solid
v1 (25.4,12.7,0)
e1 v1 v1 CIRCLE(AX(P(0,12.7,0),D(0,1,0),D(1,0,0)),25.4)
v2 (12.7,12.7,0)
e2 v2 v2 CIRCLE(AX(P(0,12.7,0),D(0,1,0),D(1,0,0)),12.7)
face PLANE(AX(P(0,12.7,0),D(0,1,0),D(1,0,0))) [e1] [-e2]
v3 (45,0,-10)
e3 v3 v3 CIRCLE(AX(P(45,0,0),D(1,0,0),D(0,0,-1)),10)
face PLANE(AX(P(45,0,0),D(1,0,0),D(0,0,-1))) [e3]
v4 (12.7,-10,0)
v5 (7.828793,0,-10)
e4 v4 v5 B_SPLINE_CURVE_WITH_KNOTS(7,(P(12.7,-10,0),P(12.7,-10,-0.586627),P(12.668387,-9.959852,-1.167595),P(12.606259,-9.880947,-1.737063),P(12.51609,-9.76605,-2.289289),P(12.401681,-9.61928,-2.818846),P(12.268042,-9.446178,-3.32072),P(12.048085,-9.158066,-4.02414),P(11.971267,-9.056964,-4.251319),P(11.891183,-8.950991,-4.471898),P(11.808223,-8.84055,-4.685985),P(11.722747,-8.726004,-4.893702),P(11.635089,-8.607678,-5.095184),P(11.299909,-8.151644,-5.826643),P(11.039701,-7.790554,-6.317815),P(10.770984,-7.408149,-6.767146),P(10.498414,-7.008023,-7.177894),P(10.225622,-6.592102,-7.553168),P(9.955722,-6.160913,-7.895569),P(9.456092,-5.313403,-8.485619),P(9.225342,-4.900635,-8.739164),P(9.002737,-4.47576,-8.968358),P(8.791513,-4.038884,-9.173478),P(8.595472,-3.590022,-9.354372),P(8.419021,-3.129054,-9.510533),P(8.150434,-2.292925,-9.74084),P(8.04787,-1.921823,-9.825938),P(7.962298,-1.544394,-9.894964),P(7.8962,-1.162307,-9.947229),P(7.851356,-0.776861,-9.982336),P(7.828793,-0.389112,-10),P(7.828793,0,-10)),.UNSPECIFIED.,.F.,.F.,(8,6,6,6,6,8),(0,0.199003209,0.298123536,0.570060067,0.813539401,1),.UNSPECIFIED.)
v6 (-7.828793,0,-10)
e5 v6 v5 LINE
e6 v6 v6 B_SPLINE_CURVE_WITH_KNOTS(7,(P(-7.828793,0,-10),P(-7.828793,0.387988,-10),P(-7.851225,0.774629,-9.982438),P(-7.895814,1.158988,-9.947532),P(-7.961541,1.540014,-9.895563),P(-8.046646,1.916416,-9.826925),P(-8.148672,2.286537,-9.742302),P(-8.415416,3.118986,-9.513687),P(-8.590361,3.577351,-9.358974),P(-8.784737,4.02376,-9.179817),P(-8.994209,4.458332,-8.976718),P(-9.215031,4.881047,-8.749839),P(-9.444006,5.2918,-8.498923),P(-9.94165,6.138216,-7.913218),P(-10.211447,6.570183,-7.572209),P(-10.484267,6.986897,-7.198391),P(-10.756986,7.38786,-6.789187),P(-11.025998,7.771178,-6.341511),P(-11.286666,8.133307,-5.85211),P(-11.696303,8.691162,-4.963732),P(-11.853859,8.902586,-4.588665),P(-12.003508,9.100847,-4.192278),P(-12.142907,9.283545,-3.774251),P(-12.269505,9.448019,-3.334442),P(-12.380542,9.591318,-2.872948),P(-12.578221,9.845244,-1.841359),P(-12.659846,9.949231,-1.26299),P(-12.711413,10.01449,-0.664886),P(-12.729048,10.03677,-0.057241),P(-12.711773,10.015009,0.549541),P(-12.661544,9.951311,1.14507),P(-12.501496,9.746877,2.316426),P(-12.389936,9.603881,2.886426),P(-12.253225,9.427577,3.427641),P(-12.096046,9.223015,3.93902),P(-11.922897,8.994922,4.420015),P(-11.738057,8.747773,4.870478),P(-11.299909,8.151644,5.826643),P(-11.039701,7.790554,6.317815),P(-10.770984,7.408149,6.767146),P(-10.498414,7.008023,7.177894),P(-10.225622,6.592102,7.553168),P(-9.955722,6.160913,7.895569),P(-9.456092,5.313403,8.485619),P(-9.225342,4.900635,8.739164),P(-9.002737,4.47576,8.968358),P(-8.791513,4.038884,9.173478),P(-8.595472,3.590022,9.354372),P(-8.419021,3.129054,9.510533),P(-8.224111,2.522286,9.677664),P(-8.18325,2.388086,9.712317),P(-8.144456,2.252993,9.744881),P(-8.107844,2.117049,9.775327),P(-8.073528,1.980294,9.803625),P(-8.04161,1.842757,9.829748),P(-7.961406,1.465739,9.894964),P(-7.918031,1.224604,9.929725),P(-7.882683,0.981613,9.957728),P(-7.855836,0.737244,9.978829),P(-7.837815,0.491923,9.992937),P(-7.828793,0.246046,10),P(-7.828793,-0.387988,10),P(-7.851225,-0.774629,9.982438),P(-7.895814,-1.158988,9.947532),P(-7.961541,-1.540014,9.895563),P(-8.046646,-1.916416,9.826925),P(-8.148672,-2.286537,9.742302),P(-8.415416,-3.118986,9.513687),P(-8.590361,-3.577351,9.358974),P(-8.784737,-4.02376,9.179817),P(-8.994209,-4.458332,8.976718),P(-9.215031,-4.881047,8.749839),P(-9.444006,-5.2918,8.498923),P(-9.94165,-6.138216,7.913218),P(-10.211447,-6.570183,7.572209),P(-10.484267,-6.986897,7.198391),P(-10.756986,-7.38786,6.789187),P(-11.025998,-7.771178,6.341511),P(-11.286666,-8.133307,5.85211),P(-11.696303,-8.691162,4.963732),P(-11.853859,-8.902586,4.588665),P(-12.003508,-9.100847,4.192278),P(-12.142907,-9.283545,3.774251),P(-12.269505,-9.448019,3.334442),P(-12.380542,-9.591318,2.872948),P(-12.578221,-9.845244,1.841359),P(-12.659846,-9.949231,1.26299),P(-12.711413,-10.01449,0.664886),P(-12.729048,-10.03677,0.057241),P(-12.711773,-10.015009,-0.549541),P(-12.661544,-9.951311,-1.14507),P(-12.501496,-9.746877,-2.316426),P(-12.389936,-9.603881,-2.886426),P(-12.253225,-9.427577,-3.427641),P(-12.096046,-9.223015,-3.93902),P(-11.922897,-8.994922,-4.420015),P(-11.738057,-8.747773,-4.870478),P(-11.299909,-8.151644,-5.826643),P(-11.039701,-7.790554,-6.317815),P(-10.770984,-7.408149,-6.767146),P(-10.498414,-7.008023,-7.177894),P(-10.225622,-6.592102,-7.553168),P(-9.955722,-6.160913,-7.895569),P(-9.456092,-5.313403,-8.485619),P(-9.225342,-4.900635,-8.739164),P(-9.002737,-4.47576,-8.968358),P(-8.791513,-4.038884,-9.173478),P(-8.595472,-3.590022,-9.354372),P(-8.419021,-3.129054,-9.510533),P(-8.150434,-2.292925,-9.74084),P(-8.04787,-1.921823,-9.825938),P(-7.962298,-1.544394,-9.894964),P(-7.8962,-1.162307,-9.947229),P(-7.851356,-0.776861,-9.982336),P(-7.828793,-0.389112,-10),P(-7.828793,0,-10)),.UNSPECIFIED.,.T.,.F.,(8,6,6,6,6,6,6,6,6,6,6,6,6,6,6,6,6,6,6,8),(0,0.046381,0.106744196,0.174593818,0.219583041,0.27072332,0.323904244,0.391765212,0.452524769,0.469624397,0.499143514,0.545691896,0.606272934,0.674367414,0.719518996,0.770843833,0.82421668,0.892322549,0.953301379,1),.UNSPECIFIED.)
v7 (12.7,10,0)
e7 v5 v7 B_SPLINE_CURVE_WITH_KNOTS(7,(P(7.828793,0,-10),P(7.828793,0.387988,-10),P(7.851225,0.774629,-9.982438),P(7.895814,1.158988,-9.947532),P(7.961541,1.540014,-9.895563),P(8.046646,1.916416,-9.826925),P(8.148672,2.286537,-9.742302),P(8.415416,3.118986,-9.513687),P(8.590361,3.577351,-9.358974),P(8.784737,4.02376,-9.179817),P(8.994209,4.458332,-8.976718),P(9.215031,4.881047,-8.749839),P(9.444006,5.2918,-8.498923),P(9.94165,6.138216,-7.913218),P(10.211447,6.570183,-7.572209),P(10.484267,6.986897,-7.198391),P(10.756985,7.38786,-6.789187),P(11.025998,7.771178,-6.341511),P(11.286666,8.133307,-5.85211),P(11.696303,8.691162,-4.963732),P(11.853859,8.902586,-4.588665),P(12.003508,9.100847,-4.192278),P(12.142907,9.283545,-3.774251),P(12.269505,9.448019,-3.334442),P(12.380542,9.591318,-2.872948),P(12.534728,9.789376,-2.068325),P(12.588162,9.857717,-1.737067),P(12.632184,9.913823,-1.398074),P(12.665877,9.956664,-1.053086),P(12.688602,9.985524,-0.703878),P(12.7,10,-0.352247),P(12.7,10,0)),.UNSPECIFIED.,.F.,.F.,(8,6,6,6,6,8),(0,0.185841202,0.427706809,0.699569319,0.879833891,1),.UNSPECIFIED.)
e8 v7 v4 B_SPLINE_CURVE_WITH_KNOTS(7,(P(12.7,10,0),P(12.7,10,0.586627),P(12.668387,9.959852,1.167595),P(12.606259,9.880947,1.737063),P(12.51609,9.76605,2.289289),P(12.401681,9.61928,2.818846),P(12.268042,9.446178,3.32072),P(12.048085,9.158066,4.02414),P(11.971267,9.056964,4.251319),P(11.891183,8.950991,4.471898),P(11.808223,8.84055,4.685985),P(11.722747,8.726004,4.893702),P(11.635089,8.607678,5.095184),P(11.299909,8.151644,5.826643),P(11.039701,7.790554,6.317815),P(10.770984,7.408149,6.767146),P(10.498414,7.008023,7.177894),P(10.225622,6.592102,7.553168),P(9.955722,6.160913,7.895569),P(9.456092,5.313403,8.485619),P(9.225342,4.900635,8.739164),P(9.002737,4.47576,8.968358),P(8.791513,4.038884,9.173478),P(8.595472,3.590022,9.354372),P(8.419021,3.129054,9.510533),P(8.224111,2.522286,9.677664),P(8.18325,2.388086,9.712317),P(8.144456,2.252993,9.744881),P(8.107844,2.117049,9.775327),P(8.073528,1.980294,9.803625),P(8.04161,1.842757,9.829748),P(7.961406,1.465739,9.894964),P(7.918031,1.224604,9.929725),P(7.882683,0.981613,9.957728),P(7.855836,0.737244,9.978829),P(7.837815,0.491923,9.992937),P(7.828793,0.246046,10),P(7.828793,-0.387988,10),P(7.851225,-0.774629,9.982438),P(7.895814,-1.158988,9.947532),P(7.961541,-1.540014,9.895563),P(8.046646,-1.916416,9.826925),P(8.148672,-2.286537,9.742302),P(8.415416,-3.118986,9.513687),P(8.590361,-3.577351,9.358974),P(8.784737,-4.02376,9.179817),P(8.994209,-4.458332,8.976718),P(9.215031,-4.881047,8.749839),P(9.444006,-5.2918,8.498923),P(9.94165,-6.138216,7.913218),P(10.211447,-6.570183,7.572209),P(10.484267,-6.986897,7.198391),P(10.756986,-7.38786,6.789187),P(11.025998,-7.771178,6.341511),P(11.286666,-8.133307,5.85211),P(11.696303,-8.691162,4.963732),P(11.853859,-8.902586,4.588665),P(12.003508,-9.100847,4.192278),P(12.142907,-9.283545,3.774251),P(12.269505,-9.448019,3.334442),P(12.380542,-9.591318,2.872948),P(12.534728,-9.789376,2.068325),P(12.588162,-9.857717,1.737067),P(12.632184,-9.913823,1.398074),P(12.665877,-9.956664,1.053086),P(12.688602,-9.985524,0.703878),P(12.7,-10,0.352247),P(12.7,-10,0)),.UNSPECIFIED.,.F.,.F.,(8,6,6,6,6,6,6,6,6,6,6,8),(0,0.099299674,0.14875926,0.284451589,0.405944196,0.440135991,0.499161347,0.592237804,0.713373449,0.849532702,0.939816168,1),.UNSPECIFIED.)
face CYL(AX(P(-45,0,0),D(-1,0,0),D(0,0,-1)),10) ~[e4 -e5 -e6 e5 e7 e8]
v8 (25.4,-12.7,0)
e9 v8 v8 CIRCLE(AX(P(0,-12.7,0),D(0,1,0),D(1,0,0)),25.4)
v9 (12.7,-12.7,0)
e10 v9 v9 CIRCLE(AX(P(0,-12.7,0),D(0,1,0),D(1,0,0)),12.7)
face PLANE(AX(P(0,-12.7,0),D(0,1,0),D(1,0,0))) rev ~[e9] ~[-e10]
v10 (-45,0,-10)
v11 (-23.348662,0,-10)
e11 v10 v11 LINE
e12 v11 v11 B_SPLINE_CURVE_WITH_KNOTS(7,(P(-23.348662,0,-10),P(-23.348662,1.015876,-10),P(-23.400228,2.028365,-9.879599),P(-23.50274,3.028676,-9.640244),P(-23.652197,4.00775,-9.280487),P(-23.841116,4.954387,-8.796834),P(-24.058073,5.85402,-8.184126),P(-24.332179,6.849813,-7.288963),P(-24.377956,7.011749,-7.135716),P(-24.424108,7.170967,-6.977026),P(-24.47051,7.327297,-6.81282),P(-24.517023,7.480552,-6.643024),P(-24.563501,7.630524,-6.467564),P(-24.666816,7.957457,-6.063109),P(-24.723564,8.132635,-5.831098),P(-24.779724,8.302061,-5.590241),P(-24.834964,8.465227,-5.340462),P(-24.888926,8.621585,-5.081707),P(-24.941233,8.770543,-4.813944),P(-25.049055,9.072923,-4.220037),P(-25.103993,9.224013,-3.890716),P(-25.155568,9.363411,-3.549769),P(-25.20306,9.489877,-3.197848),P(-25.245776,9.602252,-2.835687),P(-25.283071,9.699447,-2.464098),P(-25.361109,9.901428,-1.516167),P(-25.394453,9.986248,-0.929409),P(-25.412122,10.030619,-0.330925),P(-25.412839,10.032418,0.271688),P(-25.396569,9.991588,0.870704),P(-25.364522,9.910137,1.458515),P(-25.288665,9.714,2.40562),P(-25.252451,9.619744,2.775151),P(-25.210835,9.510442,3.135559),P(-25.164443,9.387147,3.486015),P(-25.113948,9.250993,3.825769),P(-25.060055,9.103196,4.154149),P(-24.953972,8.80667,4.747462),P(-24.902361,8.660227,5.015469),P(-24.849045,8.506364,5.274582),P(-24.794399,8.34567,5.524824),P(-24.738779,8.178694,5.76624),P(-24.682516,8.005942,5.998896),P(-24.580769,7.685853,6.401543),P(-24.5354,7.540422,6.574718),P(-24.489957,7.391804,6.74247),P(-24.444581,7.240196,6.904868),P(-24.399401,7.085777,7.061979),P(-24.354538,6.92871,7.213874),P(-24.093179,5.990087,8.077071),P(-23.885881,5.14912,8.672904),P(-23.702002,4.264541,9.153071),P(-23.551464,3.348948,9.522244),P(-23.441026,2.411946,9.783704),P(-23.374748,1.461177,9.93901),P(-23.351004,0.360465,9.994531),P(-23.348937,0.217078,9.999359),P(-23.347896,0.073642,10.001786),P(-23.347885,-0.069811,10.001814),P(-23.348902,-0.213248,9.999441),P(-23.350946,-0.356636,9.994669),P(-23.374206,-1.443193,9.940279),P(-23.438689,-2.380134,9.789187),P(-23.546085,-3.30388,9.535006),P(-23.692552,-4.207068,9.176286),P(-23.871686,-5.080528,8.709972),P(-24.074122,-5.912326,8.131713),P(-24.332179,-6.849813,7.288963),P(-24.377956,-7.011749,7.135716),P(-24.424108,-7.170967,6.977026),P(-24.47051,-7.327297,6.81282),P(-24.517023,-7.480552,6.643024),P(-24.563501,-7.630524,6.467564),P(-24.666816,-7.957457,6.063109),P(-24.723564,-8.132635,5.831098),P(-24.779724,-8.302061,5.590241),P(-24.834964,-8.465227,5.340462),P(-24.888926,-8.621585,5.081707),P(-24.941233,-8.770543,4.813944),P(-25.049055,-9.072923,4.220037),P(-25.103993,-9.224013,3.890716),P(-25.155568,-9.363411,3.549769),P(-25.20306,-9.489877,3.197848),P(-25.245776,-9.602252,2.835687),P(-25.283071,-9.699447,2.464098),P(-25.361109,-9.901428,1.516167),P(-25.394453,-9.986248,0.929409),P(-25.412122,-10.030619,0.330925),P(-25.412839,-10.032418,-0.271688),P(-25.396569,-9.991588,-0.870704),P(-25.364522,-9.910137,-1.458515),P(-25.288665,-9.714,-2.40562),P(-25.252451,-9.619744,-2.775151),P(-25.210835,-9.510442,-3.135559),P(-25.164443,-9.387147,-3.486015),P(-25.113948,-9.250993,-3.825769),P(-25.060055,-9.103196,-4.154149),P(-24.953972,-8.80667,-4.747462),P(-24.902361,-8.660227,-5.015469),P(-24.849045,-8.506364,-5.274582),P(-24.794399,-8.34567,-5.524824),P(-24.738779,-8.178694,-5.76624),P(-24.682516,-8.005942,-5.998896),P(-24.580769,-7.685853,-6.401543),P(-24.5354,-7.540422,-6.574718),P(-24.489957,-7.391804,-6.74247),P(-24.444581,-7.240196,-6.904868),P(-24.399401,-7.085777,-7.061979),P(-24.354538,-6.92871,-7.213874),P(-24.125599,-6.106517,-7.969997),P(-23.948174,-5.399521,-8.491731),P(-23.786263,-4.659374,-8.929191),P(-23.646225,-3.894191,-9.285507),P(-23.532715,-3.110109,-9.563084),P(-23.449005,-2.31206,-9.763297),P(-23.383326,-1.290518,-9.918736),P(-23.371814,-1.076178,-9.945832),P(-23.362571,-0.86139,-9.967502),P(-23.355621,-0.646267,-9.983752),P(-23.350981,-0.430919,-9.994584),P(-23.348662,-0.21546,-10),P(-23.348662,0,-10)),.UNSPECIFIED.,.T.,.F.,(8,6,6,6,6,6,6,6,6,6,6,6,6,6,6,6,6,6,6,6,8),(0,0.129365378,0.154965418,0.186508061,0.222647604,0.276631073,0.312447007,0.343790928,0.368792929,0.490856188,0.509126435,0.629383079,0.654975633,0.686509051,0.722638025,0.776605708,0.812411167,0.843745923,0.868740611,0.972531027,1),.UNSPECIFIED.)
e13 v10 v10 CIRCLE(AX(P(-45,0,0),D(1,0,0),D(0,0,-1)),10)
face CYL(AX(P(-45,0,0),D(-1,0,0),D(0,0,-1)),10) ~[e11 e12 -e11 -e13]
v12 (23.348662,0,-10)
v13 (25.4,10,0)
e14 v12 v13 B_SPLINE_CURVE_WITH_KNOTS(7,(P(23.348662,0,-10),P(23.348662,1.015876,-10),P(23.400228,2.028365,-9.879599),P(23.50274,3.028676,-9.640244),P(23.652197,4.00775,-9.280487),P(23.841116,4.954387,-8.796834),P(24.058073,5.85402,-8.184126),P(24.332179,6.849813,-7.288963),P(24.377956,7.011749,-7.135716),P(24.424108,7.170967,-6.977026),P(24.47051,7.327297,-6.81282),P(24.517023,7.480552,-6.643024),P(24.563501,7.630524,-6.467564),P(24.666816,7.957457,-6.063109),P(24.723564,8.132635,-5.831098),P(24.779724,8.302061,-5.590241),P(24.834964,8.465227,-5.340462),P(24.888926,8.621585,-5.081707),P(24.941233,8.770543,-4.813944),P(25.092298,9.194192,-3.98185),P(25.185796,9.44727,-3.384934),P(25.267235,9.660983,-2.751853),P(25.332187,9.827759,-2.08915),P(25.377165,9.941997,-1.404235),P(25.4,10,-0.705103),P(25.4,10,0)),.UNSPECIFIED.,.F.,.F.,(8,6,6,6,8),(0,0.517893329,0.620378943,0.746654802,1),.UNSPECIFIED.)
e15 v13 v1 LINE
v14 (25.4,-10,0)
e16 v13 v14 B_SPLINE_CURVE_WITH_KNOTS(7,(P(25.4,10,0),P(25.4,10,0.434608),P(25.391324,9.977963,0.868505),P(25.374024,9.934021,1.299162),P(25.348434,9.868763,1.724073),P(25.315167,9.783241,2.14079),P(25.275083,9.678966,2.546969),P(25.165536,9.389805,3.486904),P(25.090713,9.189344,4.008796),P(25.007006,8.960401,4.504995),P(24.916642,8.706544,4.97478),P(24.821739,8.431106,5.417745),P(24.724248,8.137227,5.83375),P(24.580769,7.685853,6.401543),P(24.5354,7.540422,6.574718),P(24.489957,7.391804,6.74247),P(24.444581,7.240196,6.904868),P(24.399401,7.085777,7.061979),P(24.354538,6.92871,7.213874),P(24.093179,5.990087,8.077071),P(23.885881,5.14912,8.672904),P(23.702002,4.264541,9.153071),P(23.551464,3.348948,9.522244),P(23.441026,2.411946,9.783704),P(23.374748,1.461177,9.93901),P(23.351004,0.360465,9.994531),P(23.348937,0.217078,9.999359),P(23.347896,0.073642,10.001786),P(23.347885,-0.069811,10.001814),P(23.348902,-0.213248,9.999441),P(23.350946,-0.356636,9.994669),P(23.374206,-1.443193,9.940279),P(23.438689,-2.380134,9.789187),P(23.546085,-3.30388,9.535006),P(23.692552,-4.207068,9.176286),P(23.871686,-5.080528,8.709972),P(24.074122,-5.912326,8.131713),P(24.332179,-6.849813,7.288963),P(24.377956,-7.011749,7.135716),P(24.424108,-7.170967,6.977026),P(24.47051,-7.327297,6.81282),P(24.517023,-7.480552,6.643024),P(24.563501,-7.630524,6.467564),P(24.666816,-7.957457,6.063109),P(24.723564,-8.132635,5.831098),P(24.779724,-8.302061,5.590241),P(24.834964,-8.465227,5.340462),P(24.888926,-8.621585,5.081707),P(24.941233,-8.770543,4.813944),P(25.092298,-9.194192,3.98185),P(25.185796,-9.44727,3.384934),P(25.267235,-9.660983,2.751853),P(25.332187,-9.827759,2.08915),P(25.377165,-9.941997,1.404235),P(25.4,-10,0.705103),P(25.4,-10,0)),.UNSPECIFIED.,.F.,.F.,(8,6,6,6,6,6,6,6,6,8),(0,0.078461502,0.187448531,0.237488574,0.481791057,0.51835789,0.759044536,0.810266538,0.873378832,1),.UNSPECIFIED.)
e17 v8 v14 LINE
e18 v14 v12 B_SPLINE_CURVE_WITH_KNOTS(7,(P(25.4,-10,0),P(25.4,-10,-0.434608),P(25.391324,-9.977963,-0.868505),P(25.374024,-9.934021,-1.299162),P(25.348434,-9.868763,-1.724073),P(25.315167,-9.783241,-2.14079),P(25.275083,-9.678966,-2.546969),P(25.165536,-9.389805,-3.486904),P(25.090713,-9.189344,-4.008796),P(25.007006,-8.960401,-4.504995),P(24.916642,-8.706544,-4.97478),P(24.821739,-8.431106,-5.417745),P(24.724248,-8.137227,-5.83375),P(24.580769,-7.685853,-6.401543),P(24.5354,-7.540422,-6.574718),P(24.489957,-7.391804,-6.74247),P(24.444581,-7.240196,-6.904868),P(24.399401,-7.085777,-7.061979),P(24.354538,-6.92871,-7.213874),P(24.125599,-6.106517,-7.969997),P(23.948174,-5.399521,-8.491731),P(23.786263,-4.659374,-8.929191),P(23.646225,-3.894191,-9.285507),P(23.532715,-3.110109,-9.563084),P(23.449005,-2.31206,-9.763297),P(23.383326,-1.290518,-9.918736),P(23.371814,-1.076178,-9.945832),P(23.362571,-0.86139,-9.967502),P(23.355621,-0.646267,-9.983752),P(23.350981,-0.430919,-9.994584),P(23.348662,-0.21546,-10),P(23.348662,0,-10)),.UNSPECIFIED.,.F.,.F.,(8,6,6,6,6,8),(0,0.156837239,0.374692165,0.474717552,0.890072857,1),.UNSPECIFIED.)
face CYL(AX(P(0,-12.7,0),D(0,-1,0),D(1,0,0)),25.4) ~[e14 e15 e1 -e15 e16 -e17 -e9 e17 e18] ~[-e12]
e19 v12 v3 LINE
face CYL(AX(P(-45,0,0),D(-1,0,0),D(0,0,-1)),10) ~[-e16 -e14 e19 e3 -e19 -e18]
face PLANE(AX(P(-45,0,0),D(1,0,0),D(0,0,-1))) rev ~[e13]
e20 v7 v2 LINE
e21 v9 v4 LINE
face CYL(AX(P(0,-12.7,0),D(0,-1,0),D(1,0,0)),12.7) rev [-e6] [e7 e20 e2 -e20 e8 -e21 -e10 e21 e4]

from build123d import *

# Parameters (mm, degrees)
BOSS_EXTRUDE1_DEPTH      = 45
BOSS_EXTRUDE1_DEPTH_BACK = 45
SKETCH2_R                = 10
BOSS_EXTRUDE2_DEPTH      = 12.7
BOSS_EXTRUDE2_DEPTH_BACK = 12.7
SKETCH1_R                = 25.4
SKETCH1_R_2              = 12.7


with BuildPart() as part:
    # Sketch2 → Boss-Extrude1 (new, two sides: drawn at the far end of the back side and taken through both)
    with BuildSketch(Plane(origin=(0, 0, 0), x_dir=(0, 0, -1), z_dir=(1, 0, 0)).offset(-BOSS_EXTRUDE1_DEPTH_BACK)):
        Circle(SKETCH2_R)
    extrude(amount=BOSS_EXTRUDE1_DEPTH + BOSS_EXTRUDE1_DEPTH_BACK)

    # Sketch1 → Boss-Extrude2 (add, two sides: drawn at the far end of the back side and taken through both)
    with BuildSketch(Plane(origin=(0, 0, 0), x_dir=(1, 0, 0), z_dir=(0, 1, 0)).offset(-BOSS_EXTRUDE2_DEPTH_BACK)):
        Circle(SKETCH1_R)
        Circle(SKETCH1_R_2, mode=Mode.SUBTRACT)
    extrude(amount=BOSS_EXTRUDE2_DEPTH + BOSS_EXTRUDE2_DEPTH_BACK)


solid = part.part
